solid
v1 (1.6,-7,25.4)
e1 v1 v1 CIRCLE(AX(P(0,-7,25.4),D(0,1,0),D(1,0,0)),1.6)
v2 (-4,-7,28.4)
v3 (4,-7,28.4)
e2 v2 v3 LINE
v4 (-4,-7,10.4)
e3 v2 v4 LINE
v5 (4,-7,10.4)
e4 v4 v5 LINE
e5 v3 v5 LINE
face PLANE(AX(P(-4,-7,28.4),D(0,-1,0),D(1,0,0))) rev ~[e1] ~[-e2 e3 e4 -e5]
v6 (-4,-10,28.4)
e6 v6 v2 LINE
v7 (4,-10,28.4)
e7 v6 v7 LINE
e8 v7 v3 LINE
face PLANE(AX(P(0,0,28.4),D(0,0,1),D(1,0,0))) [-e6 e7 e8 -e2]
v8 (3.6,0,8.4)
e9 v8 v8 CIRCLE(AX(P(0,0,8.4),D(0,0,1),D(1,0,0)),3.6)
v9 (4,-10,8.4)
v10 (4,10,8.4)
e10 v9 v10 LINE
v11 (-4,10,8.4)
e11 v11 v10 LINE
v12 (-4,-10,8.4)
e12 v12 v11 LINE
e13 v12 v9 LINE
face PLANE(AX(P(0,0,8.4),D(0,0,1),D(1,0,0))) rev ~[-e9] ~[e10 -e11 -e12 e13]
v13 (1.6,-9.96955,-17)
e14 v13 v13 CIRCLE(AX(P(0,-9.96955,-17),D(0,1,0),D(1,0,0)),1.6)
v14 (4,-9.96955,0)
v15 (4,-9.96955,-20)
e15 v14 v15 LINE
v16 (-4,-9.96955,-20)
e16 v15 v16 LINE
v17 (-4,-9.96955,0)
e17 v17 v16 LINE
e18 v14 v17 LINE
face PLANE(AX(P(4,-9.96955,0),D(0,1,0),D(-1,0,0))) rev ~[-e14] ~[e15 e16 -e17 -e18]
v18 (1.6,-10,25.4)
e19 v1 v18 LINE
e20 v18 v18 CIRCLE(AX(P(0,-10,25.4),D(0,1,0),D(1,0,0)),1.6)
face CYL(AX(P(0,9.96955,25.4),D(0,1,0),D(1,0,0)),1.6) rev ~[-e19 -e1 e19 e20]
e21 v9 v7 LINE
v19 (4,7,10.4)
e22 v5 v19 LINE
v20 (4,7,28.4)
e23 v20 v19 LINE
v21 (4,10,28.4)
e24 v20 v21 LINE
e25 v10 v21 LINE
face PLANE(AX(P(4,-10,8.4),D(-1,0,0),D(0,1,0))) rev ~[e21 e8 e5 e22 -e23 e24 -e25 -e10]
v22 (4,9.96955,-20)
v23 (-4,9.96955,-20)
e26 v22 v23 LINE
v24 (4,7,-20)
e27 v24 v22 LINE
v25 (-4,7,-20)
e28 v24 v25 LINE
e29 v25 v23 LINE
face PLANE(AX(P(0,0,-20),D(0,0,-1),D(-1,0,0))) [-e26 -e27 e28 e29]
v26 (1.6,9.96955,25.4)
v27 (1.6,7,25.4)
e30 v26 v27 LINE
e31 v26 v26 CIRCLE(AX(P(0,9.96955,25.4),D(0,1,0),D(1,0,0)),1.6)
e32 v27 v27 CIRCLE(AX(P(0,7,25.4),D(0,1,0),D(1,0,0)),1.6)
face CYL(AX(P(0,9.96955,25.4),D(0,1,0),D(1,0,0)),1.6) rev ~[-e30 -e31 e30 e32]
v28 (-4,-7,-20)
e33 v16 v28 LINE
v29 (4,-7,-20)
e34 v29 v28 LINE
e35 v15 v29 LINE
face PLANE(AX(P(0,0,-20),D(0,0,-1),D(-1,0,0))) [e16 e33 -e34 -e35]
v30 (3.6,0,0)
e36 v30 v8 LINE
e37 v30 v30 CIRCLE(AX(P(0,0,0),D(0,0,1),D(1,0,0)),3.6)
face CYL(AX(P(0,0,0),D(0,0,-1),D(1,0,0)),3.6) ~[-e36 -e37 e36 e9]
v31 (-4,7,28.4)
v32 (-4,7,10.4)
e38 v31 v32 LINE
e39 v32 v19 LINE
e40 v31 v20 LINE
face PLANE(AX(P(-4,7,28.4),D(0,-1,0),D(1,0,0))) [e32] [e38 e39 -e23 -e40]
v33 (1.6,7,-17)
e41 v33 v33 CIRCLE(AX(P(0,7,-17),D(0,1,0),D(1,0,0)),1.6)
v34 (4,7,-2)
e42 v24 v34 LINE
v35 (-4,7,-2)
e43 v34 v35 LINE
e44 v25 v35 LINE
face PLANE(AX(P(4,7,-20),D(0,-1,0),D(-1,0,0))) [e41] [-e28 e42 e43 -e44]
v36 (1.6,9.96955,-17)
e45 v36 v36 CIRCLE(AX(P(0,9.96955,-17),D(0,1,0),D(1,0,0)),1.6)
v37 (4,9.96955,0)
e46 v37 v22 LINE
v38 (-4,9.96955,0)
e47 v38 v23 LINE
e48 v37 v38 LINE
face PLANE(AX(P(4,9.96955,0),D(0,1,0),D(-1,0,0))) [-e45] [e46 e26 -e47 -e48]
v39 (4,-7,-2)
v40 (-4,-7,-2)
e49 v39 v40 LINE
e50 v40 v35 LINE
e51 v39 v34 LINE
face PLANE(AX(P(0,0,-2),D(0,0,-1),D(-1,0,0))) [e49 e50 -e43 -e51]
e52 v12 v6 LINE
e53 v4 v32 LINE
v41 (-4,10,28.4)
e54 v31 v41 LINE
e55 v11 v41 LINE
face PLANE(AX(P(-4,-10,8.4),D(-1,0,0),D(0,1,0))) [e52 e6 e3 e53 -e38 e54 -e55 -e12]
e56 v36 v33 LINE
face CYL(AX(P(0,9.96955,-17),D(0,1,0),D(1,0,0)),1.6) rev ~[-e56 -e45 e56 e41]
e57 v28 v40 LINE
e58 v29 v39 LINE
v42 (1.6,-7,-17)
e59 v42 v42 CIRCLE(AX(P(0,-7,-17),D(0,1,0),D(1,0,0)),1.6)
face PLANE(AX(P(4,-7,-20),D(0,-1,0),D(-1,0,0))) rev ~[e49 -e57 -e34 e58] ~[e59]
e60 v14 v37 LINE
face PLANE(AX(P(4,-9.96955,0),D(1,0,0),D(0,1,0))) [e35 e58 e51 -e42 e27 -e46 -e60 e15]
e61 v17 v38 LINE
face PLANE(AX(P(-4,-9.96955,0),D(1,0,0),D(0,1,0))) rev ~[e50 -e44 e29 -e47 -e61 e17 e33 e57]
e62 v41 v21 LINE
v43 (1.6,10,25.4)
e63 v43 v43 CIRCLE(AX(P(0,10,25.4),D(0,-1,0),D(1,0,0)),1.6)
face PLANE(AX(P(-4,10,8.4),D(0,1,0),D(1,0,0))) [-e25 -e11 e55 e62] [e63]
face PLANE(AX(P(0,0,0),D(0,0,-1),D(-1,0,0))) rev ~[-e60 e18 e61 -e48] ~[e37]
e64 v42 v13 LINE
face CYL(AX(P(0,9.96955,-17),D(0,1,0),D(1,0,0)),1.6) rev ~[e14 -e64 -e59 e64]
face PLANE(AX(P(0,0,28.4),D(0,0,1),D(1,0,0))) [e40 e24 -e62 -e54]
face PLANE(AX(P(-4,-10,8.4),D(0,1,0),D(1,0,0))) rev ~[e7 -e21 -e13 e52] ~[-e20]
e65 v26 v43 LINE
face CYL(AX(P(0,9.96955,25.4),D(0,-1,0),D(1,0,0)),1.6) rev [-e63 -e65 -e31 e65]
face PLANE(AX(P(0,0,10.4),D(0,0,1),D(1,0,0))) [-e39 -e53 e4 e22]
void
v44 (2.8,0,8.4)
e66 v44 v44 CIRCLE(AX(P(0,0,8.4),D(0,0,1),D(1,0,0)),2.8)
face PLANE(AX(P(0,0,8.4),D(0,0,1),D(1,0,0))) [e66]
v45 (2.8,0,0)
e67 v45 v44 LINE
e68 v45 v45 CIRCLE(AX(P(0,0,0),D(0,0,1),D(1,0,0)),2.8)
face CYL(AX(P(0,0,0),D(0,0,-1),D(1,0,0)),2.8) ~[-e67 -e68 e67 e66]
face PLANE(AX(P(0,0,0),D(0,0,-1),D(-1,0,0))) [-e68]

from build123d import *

# Parameters (mm, degrees)
SKETCH_1_R               = 3.6
SKETCH_1_R_2             = 2.8
EXTRUDE_1_DEPTH          = 8.4
SKETCH_2_W               = 8
SKETCH_2_H               = 19.939100818
EXTRUDE_2_DEPTH          = 20
SKETCH_3_W               = 8
SKETCH_3_H               = 20
EXTRUDE_3_DEPTH          = 20
SKETCH_4_W               = 8
SKETCH_4_H               = 14
CUT_EXTRUDE_2_DEPTH      = 18
SKETCH_5_W               = 8
SKETCH_5_H               = 14
CUT_EXTRUDE_3_DEPTH      = 18
SKETCH_6_R               = 1.6
CUT_EXTRUDE_4_DEPTH      = 10
CUT_EXTRUDE_4_DEPTH_BACK = 29


with BuildPart() as part:
    # 草图1 → 凸台-拉伸1 (new body)
    with BuildSketch(Plane.XY):
        Circle(SKETCH_1_R)
        Circle(SKETCH_1_R_2, mode=Mode.SUBTRACT)
    extrude(amount=EXTRUDE_1_DEPTH)

    # 草图2 → 凸台-拉伸2 (add)
    with BuildSketch(Plane(origin=(0, 0, 0), x_dir=(-1, 0, 0), z_dir=(0, 0, -1))):
        Rectangle(SKETCH_2_W, SKETCH_2_H)
    extrude(amount=EXTRUDE_2_DEPTH)

    # 草图3 → 凸台-拉伸3 (add)
    with BuildSketch(Plane.XY.offset(8.4)):
        Rectangle(SKETCH_3_W, SKETCH_3_H)
    extrude(amount=EXTRUDE_3_DEPTH)

    # 草图4 → 切除-拉伸2 (cut)
    with BuildSketch(Plane(origin=(0, 0, -20), x_dir=(-1, 0, 0), z_dir=(0, 0, -1))):
        Rectangle(SKETCH_4_W, SKETCH_4_H)
    extrude(amount=-CUT_EXTRUDE_2_DEPTH, mode=Mode.SUBTRACT)

    # 草图5 → 切除-拉伸3 (cut)
    with BuildSketch(Plane.XY.offset(28.4)):
        Rectangle(SKETCH_5_W, SKETCH_5_H)
    extrude(amount=-CUT_EXTRUDE_3_DEPTH, mode=Mode.SUBTRACT)

    # 草图6 → 切除-拉伸4 (cut, two sides)
    with BuildSketch(Plane(origin=(0, 9.969550409, 0), x_dir=(1, 0, 0), z_dir=(0, 1, 0))) as cut_extrude_4_sk:
        with Locations((0, 17)):
            Circle(SKETCH_6_R)
        with Locations((0, -25.4)):
            Circle(SKETCH_6_R)
    extrude(amount=CUT_EXTRUDE_4_DEPTH, mode=Mode.SUBTRACT)
    extrude(cut_extrude_4_sk.sketch, amount=-CUT_EXTRUDE_4_DEPTH_BACK, mode=Mode.SUBTRACT)


solid = part.part
